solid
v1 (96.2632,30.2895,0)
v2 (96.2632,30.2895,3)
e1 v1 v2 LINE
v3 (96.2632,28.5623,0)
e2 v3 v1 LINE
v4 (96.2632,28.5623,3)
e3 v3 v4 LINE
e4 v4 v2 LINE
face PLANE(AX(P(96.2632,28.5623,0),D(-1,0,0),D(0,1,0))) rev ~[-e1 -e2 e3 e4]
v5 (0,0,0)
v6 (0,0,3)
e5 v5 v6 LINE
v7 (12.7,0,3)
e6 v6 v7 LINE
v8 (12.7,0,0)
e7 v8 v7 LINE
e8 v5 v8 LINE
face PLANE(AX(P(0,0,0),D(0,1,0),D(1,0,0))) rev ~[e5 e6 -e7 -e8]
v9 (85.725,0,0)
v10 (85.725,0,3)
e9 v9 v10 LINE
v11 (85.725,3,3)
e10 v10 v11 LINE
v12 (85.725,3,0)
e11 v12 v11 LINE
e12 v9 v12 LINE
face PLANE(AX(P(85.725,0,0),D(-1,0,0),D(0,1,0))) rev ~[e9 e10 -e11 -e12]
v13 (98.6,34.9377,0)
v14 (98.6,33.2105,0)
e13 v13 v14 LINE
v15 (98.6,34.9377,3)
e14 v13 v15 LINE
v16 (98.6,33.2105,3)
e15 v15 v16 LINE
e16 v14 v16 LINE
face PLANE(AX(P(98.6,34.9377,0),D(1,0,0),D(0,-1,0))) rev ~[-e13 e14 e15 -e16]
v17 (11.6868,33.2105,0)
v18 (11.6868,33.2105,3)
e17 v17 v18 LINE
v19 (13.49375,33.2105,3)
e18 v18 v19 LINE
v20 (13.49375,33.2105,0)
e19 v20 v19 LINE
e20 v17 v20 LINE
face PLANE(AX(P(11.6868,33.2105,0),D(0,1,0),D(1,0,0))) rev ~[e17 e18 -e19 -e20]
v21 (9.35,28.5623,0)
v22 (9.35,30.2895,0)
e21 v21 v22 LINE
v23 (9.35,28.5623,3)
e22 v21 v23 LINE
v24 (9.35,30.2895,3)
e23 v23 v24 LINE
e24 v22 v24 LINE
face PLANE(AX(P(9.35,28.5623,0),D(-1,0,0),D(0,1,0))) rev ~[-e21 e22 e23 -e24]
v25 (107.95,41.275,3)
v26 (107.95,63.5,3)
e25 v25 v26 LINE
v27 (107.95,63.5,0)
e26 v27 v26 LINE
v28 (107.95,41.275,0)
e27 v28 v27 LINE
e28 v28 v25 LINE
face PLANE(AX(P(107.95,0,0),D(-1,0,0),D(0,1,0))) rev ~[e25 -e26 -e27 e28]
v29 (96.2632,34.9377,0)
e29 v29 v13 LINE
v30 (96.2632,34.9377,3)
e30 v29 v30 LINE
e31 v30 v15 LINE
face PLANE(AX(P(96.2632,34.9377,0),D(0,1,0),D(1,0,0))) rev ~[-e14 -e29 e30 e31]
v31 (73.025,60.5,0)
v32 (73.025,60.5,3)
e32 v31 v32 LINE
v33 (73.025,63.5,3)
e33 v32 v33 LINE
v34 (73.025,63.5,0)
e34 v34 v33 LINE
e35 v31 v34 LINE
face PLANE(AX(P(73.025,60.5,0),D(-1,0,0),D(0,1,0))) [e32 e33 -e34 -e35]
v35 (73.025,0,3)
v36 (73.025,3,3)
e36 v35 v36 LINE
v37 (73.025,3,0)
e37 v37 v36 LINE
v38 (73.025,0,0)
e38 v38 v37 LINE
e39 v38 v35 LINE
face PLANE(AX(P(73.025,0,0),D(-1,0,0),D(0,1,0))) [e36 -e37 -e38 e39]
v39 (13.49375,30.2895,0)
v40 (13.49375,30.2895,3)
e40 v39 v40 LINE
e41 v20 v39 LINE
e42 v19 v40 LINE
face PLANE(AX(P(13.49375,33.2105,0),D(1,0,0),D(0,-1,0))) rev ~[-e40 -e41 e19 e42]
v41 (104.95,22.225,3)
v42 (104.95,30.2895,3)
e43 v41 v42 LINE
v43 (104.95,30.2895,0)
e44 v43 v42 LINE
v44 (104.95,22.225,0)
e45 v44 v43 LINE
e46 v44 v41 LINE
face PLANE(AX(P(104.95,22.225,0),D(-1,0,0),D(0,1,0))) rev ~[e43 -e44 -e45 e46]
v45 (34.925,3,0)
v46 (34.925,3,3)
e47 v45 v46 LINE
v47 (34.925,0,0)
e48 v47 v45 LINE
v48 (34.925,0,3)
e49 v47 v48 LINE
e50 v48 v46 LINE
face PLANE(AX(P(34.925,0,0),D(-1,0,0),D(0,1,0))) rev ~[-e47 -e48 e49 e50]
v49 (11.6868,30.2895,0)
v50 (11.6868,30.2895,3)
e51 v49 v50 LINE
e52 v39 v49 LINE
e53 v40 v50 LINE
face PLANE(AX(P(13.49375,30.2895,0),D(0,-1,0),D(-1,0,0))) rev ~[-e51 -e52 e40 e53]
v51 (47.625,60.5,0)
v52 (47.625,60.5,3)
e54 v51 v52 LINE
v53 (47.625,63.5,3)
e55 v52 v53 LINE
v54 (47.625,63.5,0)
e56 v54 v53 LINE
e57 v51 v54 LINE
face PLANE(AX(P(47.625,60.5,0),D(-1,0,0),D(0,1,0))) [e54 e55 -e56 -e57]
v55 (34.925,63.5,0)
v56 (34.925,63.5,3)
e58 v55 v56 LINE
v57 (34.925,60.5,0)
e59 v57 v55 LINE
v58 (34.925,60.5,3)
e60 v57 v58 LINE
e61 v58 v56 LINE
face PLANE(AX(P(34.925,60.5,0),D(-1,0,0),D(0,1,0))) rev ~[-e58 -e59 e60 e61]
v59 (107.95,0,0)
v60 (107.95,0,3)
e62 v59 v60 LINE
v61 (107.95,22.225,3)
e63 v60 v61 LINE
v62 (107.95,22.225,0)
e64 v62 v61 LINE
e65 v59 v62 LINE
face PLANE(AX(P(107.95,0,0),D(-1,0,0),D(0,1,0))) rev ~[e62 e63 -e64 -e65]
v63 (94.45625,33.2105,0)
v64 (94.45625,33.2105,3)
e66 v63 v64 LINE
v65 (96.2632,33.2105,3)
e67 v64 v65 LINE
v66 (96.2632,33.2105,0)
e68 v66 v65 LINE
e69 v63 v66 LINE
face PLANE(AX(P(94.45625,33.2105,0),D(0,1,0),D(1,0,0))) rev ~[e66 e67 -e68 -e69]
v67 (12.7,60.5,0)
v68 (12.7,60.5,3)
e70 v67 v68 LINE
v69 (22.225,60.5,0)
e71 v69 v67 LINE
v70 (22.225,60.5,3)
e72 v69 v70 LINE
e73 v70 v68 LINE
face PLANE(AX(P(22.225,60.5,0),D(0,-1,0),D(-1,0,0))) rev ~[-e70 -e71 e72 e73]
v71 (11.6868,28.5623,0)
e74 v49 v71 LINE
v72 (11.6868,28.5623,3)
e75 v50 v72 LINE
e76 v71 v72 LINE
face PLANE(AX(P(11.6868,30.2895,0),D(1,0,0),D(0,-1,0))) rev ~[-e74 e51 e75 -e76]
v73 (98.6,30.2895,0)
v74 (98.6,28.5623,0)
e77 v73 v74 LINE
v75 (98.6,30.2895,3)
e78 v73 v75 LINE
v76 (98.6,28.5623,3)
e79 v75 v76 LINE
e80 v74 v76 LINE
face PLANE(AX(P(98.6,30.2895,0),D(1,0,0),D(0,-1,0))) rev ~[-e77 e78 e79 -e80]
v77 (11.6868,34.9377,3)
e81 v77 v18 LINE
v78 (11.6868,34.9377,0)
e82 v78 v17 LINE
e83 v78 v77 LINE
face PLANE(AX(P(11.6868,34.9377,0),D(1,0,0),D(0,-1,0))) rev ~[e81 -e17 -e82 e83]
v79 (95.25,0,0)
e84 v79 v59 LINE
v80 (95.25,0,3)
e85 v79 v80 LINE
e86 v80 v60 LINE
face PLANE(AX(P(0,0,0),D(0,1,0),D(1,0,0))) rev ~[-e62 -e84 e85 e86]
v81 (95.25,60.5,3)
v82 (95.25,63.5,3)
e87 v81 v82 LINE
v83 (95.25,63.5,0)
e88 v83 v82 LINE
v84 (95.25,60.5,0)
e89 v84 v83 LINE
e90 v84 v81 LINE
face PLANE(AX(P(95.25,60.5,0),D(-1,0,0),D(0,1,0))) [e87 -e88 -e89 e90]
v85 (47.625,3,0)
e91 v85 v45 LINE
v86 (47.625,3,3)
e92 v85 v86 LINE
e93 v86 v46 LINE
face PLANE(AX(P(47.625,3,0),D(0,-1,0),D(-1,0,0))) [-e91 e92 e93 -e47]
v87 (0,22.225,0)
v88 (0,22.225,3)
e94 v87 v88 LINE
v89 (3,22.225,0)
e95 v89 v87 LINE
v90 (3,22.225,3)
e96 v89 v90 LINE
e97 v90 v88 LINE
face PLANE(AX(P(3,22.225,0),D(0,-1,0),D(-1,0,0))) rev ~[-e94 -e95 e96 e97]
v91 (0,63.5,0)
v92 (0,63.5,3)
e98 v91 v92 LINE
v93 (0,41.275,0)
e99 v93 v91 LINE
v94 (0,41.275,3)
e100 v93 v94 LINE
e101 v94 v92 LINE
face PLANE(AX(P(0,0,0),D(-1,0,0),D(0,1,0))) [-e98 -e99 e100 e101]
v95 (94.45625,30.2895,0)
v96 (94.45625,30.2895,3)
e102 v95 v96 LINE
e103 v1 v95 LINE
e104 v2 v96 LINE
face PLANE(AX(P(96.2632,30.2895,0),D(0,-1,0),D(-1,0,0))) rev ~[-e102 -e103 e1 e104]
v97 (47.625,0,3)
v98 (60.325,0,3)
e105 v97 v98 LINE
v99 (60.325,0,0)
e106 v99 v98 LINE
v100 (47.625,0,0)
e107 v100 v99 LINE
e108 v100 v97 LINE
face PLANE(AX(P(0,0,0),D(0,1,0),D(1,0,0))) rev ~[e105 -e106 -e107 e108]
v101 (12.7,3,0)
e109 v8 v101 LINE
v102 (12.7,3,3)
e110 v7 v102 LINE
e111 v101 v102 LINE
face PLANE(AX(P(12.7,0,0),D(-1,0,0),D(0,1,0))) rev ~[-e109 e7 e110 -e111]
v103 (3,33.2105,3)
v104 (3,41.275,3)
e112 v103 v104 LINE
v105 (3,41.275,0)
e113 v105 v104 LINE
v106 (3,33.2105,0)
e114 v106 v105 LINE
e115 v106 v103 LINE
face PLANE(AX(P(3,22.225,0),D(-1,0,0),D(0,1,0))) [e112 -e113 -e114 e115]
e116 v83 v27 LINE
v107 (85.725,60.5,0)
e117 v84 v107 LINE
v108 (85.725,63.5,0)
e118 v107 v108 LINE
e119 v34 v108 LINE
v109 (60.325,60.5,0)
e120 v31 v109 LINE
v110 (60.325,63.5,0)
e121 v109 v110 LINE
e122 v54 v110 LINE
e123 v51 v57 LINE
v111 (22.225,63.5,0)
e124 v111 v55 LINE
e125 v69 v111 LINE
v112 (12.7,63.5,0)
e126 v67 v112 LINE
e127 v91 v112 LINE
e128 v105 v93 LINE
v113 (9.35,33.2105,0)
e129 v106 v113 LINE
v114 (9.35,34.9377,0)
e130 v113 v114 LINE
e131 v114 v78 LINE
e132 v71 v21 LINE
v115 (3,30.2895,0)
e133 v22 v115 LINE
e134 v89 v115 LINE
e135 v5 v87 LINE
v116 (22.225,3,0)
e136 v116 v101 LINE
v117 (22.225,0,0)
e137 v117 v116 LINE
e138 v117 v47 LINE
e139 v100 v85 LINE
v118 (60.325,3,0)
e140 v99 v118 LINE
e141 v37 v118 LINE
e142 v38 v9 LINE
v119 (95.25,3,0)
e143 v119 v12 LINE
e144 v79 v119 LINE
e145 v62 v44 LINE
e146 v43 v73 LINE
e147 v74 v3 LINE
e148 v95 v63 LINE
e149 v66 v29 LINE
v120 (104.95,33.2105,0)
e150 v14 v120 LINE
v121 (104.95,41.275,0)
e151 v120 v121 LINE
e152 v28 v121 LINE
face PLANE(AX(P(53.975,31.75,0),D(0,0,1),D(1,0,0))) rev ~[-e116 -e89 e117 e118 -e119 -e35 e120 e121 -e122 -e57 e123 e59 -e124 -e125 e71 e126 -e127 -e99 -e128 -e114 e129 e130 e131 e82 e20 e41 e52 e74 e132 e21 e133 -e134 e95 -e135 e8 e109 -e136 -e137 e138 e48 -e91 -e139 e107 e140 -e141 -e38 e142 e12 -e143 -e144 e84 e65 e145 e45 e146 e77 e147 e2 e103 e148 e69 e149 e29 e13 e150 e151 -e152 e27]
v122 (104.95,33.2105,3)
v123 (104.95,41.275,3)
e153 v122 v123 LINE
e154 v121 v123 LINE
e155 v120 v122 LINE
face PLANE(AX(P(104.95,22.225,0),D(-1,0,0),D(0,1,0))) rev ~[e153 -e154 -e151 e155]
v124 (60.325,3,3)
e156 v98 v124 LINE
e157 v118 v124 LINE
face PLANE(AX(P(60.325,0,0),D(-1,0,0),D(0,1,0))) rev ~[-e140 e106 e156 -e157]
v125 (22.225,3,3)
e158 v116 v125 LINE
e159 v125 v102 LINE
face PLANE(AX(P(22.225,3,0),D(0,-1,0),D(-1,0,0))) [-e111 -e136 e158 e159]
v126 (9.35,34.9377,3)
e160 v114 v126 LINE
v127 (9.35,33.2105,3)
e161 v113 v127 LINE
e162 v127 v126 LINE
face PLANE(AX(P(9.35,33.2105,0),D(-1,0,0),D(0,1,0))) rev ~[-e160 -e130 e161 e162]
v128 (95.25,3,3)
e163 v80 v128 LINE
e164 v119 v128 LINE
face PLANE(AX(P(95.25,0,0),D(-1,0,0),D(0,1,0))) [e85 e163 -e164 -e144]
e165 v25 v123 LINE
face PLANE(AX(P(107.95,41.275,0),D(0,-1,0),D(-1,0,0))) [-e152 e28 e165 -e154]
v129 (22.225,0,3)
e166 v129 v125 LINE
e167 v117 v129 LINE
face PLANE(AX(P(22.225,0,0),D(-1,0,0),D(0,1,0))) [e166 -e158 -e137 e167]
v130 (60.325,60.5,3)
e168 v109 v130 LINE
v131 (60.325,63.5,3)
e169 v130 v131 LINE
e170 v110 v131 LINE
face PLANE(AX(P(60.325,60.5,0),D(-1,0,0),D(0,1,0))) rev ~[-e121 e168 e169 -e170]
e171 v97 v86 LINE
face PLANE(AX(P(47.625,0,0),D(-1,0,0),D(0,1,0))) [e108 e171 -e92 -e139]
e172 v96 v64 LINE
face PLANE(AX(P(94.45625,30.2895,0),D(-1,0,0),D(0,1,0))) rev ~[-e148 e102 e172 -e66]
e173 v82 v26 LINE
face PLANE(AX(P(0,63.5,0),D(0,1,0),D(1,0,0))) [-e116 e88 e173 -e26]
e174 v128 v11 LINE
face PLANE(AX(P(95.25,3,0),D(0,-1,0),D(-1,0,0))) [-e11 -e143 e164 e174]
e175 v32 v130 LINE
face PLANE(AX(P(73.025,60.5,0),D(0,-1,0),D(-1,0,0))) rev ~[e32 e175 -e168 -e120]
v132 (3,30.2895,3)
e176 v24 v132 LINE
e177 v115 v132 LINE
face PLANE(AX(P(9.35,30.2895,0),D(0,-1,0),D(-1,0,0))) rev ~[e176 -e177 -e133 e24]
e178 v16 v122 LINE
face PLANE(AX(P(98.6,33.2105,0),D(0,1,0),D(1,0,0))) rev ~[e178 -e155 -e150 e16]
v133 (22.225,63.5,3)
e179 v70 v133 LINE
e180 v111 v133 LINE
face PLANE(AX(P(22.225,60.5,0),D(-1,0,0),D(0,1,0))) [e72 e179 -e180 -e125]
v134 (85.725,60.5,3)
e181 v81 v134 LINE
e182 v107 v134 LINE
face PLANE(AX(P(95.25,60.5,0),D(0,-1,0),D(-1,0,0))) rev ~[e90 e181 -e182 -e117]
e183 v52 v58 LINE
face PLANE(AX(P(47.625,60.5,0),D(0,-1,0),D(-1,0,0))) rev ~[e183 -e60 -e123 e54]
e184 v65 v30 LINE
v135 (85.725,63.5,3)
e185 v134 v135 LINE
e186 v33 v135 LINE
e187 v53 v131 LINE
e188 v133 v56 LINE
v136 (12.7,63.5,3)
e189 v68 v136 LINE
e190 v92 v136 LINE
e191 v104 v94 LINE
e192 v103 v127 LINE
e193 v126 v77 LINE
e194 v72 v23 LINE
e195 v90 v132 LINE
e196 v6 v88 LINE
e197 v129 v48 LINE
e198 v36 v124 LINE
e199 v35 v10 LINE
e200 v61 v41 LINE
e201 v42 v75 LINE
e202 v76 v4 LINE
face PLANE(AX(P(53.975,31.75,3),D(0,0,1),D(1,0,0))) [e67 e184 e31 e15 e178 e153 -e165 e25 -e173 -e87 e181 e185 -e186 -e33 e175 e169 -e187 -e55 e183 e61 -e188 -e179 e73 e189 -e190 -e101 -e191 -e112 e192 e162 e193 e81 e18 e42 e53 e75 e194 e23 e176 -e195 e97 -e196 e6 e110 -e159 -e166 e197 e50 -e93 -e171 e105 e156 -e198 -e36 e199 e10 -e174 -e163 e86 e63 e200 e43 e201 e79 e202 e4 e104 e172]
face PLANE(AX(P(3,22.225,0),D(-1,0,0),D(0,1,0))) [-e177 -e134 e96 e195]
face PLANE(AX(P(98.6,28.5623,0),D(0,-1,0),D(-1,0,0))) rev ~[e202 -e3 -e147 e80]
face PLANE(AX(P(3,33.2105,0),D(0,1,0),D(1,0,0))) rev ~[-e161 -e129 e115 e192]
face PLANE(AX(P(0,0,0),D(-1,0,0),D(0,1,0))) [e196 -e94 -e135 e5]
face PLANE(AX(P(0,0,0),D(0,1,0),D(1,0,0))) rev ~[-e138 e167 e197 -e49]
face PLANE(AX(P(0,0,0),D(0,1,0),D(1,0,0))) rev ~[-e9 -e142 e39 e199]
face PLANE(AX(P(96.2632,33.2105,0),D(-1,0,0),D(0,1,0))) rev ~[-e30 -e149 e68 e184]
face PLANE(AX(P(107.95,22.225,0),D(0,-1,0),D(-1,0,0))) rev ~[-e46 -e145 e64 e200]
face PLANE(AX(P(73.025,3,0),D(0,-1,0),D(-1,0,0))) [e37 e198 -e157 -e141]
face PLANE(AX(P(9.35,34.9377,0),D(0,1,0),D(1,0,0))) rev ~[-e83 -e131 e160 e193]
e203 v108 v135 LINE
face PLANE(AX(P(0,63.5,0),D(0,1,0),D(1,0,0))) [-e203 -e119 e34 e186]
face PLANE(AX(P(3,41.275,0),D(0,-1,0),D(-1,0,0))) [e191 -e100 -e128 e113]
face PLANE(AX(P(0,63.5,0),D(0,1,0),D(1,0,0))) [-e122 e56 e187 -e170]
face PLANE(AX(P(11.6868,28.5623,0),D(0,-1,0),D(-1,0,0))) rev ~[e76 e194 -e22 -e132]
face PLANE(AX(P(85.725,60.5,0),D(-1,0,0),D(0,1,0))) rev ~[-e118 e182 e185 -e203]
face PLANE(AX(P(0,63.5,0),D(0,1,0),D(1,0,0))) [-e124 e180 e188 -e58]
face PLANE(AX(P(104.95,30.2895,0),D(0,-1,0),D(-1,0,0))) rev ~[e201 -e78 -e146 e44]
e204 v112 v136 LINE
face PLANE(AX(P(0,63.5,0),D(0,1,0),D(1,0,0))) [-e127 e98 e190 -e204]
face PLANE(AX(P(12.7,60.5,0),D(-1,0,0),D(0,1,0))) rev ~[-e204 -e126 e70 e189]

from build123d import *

# Parameters (mm, degrees)
SKETCH1_W           = 107.95
SKETCH1_H           = 63.5
BOSS_EXTRUDE1_DEPTH = 3
CUT_EXTRUDE1_REACH  = 127.278
SKETCH2_W           = 12.7
SKETCH2_H           = 3
SKETCH2_W_2         = 9.525
SKETCH2_W_3         = 3
SKETCH2_H_2         = 19.05
CUT_EXTRUDE2_REACH  = 127.278


with BuildPart() as part:
    # Sketch1 → Boss-Extrude1 (new body)
    with BuildSketch(Plane.XY):
        with Locations((53.975, 31.75)):
            Rectangle(SKETCH1_W, SKETCH1_H)
    extrude(amount=BOSS_EXTRUDE1_DEPTH)

    # Sketch2 → Cut-Extrude1 (cut, up to next)
    with BuildSketch(Plane(origin=(0, 0, 0), x_dir=(-1, 0, 0), z_dir=(0, 0, -1)), mode=Mode.PRIVATE) as cut_extrude1_sk1:
        with Locations((-66.675, 1.5)):
            Rectangle(SKETCH2_W, SKETCH2_H)
    cut_extrude1_tool1 = extrude(cut_extrude1_sk1.sketch, amount=-CUT_EXTRUDE1_REACH, mode=Mode.PRIVATE) & part.part
    # Sketch2 → Cut-Extrude1 (cut, up to next)
    with BuildSketch(Plane(origin=(0, 0, 0), x_dir=(-1, 0, 0), z_dir=(0, 0, -1)), mode=Mode.PRIVATE) as cut_extrude1_sk2:
        with Locations((-17.4625, 1.5)):
            Rectangle(SKETCH2_W_2, SKETCH2_H)
    cut_extrude1_tool2 = extrude(cut_extrude1_sk2.sketch, amount=-CUT_EXTRUDE1_REACH, mode=Mode.PRIVATE) & part.part
    # Sketch2 → Cut-Extrude1 (cut, up to next)
    with BuildSketch(Plane(origin=(0, 0, 0), x_dir=(-1, 0, 0), z_dir=(0, 0, -1)), mode=Mode.PRIVATE) as cut_extrude1_sk3:
        with Locations((-90.4875, 1.5)):
            Rectangle(SKETCH2_W_2, SKETCH2_H)
    cut_extrude1_tool3 = extrude(cut_extrude1_sk3.sketch, amount=-CUT_EXTRUDE1_REACH, mode=Mode.PRIVATE) & part.part
    # Sketch2 → Cut-Extrude1 (cut, up to next)
    with BuildSketch(Plane(origin=(0, 0, 0), x_dir=(-1, 0, 0), z_dir=(0, 0, -1)), mode=Mode.PRIVATE) as cut_extrude1_sk4:
        with Locations((-41.275, 1.5)):
            Rectangle(SKETCH2_W, SKETCH2_H)
    cut_extrude1_tool4 = extrude(cut_extrude1_sk4.sketch, amount=-CUT_EXTRUDE1_REACH, mode=Mode.PRIVATE) & part.part
    # Sketch2 → Cut-Extrude1 (cut, up to next)
    with BuildSketch(Plane(origin=(0, 0, 0), x_dir=(-1, 0, 0), z_dir=(0, 0, -1)), mode=Mode.PRIVATE) as cut_extrude1_sk5:
        with Locations((-41.275, 62)):
            Rectangle(SKETCH2_W, SKETCH2_H)
    cut_extrude1_tool5 = extrude(cut_extrude1_sk5.sketch, amount=-CUT_EXTRUDE1_REACH, mode=Mode.PRIVATE) & part.part
    # Sketch2 → Cut-Extrude1 (cut, up to next)
    with BuildSketch(Plane(origin=(0, 0, 0), x_dir=(-1, 0, 0), z_dir=(0, 0, -1)), mode=Mode.PRIVATE) as cut_extrude1_sk6:
        with Locations((-66.675, 62)):
            Rectangle(SKETCH2_W, SKETCH2_H)
    cut_extrude1_tool6 = extrude(cut_extrude1_sk6.sketch, amount=-CUT_EXTRUDE1_REACH, mode=Mode.PRIVATE) & part.part
    # Sketch2 → Cut-Extrude1 (cut, up to next)
    with BuildSketch(Plane(origin=(0, 0, 0), x_dir=(-1, 0, 0), z_dir=(0, 0, -1)), mode=Mode.PRIVATE) as cut_extrude1_sk7:
        with Locations((-17.4625, 62)):
            Rectangle(SKETCH2_W_2, SKETCH2_H)
    cut_extrude1_tool7 = extrude(cut_extrude1_sk7.sketch, amount=-CUT_EXTRUDE1_REACH, mode=Mode.PRIVATE) & part.part
    # Sketch2 → Cut-Extrude1 (cut, up to next)
    with BuildSketch(Plane(origin=(0, 0, 0), x_dir=(-1, 0, 0), z_dir=(0, 0, -1)), mode=Mode.PRIVATE) as cut_extrude1_sk8:
        with Locations((-106.45, 31.75)):
            Rectangle(SKETCH2_W_3, SKETCH2_H_2)
    cut_extrude1_tool8 = extrude(cut_extrude1_sk8.sketch, amount=-CUT_EXTRUDE1_REACH, mode=Mode.PRIVATE) & part.part
    # Sketch2 → Cut-Extrude1 (cut, up to next)
    with BuildSketch(Plane(origin=(0, 0, 0), x_dir=(-1, 0, 0), z_dir=(0, 0, -1)), mode=Mode.PRIVATE) as cut_extrude1_sk9:
        with Locations((-1.5, 31.75)):
            Rectangle(SKETCH2_W_3, SKETCH2_H_2)
    cut_extrude1_tool9 = extrude(cut_extrude1_sk9.sketch, amount=-CUT_EXTRUDE1_REACH, mode=Mode.PRIVATE) & part.part
    # Sketch2 → Cut-Extrude1 (cut, up to next)
    with BuildSketch(Plane(origin=(0, 0, 0), x_dir=(-1, 0, 0), z_dir=(0, 0, -1)), mode=Mode.PRIVATE) as cut_extrude1_sk10:
        with Locations((-90.4875, 62)):
            Rectangle(SKETCH2_W_2, SKETCH2_H)
    cut_extrude1_tool10 = extrude(cut_extrude1_sk10.sketch, amount=-CUT_EXTRUDE1_REACH, mode=Mode.PRIVATE) & part.part
    add(cut_extrude1_tool1.solids().sort_by_distance((66.675, 1.5, 0))[0], mode=Mode.SUBTRACT)
    add(cut_extrude1_tool2.solids().sort_by_distance((17.4625, 1.5, 0))[0], mode=Mode.SUBTRACT)
    add(cut_extrude1_tool3.solids().sort_by_distance((90.4875, 1.5, 0))[0], mode=Mode.SUBTRACT)
    add(cut_extrude1_tool4.solids().sort_by_distance((41.275, 1.5, 0))[0], mode=Mode.SUBTRACT)
    add(cut_extrude1_tool5.solids().sort_by_distance((41.275, 62, 0))[0], mode=Mode.SUBTRACT)
    add(cut_extrude1_tool6.solids().sort_by_distance((66.675, 62, 0))[0], mode=Mode.SUBTRACT)
    add(cut_extrude1_tool7.solids().sort_by_distance((17.4625, 62, 0))[0], mode=Mode.SUBTRACT)
    add(cut_extrude1_tool8.solids().sort_by_distance((106.45, 31.75, 0))[0], mode=Mode.SUBTRACT)
    add(cut_extrude1_tool9.solids().sort_by_distance((1.5, 31.75, 0))[0], mode=Mode.SUBTRACT)
    add(cut_extrude1_tool10.solids().sort_by_distance((90.4875, 62, 0))[0], mode=Mode.SUBTRACT)

    # Sketch3 → Cut-Extrude2 (cut, up to next)
    with BuildSketch(Plane(origin=(0, 0, 0), x_dir=(-1, 0, 0), z_dir=(0, 0, -1)), mode=Mode.PRIVATE) as cut_extrude2_sk1:
        Polygon((-3, 33.2105), (-9.35, 33.2105), (-9.35, 34.9377), (-11.6868, 34.9377), (-11.6868, 33.2105), (-13.49375, 33.2105), (-13.49375, 31.75), (-13.49375, 30.2895), (-11.6868, 30.2895), (-11.6868, 28.5623), (-9.35, 28.5623), (-9.35, 30.2895), (-3, 30.2895), (-3, 31.75), align=None)
    cut_extrude2_tool1 = extrude(cut_extrude2_sk1.sketch, amount=-CUT_EXTRUDE2_REACH, mode=Mode.PRIVATE) & part.part
    # Sketch3 → Cut-Extrude2 (cut, up to next)
    with BuildSketch(Plane(origin=(0, 0, 0), x_dir=(-1, 0, 0), z_dir=(0, 0, -1)), mode=Mode.PRIVATE) as cut_extrude2_sk2:
        Polygon((-94.45625, 30.2895), (-94.45625, 31.75), (-94.45625, 33.2105), (-96.2632, 33.2105), (-96.2632, 34.9377), (-98.6, 34.9377), (-98.6, 33.2105), (-104.95, 33.2105), (-104.95, 31.75), (-104.95, 30.2895), (-98.6, 30.2895), (-98.6, 28.5623), (-96.2632, 28.5623), (-96.2632, 30.2895), align=None)
    cut_extrude2_tool2 = extrude(cut_extrude2_sk2.sketch, amount=-CUT_EXTRUDE2_REACH, mode=Mode.PRIVATE) & part.part
    add(cut_extrude2_tool1.solids().sort_by_distance((8.720382, 31.75, 0))[0], mode=Mode.SUBTRACT)
    add(cut_extrude2_tool2.solids().sort_by_distance((99.229618, 31.75, 0))[0], mode=Mode.SUBTRACT)


solid = part.part
